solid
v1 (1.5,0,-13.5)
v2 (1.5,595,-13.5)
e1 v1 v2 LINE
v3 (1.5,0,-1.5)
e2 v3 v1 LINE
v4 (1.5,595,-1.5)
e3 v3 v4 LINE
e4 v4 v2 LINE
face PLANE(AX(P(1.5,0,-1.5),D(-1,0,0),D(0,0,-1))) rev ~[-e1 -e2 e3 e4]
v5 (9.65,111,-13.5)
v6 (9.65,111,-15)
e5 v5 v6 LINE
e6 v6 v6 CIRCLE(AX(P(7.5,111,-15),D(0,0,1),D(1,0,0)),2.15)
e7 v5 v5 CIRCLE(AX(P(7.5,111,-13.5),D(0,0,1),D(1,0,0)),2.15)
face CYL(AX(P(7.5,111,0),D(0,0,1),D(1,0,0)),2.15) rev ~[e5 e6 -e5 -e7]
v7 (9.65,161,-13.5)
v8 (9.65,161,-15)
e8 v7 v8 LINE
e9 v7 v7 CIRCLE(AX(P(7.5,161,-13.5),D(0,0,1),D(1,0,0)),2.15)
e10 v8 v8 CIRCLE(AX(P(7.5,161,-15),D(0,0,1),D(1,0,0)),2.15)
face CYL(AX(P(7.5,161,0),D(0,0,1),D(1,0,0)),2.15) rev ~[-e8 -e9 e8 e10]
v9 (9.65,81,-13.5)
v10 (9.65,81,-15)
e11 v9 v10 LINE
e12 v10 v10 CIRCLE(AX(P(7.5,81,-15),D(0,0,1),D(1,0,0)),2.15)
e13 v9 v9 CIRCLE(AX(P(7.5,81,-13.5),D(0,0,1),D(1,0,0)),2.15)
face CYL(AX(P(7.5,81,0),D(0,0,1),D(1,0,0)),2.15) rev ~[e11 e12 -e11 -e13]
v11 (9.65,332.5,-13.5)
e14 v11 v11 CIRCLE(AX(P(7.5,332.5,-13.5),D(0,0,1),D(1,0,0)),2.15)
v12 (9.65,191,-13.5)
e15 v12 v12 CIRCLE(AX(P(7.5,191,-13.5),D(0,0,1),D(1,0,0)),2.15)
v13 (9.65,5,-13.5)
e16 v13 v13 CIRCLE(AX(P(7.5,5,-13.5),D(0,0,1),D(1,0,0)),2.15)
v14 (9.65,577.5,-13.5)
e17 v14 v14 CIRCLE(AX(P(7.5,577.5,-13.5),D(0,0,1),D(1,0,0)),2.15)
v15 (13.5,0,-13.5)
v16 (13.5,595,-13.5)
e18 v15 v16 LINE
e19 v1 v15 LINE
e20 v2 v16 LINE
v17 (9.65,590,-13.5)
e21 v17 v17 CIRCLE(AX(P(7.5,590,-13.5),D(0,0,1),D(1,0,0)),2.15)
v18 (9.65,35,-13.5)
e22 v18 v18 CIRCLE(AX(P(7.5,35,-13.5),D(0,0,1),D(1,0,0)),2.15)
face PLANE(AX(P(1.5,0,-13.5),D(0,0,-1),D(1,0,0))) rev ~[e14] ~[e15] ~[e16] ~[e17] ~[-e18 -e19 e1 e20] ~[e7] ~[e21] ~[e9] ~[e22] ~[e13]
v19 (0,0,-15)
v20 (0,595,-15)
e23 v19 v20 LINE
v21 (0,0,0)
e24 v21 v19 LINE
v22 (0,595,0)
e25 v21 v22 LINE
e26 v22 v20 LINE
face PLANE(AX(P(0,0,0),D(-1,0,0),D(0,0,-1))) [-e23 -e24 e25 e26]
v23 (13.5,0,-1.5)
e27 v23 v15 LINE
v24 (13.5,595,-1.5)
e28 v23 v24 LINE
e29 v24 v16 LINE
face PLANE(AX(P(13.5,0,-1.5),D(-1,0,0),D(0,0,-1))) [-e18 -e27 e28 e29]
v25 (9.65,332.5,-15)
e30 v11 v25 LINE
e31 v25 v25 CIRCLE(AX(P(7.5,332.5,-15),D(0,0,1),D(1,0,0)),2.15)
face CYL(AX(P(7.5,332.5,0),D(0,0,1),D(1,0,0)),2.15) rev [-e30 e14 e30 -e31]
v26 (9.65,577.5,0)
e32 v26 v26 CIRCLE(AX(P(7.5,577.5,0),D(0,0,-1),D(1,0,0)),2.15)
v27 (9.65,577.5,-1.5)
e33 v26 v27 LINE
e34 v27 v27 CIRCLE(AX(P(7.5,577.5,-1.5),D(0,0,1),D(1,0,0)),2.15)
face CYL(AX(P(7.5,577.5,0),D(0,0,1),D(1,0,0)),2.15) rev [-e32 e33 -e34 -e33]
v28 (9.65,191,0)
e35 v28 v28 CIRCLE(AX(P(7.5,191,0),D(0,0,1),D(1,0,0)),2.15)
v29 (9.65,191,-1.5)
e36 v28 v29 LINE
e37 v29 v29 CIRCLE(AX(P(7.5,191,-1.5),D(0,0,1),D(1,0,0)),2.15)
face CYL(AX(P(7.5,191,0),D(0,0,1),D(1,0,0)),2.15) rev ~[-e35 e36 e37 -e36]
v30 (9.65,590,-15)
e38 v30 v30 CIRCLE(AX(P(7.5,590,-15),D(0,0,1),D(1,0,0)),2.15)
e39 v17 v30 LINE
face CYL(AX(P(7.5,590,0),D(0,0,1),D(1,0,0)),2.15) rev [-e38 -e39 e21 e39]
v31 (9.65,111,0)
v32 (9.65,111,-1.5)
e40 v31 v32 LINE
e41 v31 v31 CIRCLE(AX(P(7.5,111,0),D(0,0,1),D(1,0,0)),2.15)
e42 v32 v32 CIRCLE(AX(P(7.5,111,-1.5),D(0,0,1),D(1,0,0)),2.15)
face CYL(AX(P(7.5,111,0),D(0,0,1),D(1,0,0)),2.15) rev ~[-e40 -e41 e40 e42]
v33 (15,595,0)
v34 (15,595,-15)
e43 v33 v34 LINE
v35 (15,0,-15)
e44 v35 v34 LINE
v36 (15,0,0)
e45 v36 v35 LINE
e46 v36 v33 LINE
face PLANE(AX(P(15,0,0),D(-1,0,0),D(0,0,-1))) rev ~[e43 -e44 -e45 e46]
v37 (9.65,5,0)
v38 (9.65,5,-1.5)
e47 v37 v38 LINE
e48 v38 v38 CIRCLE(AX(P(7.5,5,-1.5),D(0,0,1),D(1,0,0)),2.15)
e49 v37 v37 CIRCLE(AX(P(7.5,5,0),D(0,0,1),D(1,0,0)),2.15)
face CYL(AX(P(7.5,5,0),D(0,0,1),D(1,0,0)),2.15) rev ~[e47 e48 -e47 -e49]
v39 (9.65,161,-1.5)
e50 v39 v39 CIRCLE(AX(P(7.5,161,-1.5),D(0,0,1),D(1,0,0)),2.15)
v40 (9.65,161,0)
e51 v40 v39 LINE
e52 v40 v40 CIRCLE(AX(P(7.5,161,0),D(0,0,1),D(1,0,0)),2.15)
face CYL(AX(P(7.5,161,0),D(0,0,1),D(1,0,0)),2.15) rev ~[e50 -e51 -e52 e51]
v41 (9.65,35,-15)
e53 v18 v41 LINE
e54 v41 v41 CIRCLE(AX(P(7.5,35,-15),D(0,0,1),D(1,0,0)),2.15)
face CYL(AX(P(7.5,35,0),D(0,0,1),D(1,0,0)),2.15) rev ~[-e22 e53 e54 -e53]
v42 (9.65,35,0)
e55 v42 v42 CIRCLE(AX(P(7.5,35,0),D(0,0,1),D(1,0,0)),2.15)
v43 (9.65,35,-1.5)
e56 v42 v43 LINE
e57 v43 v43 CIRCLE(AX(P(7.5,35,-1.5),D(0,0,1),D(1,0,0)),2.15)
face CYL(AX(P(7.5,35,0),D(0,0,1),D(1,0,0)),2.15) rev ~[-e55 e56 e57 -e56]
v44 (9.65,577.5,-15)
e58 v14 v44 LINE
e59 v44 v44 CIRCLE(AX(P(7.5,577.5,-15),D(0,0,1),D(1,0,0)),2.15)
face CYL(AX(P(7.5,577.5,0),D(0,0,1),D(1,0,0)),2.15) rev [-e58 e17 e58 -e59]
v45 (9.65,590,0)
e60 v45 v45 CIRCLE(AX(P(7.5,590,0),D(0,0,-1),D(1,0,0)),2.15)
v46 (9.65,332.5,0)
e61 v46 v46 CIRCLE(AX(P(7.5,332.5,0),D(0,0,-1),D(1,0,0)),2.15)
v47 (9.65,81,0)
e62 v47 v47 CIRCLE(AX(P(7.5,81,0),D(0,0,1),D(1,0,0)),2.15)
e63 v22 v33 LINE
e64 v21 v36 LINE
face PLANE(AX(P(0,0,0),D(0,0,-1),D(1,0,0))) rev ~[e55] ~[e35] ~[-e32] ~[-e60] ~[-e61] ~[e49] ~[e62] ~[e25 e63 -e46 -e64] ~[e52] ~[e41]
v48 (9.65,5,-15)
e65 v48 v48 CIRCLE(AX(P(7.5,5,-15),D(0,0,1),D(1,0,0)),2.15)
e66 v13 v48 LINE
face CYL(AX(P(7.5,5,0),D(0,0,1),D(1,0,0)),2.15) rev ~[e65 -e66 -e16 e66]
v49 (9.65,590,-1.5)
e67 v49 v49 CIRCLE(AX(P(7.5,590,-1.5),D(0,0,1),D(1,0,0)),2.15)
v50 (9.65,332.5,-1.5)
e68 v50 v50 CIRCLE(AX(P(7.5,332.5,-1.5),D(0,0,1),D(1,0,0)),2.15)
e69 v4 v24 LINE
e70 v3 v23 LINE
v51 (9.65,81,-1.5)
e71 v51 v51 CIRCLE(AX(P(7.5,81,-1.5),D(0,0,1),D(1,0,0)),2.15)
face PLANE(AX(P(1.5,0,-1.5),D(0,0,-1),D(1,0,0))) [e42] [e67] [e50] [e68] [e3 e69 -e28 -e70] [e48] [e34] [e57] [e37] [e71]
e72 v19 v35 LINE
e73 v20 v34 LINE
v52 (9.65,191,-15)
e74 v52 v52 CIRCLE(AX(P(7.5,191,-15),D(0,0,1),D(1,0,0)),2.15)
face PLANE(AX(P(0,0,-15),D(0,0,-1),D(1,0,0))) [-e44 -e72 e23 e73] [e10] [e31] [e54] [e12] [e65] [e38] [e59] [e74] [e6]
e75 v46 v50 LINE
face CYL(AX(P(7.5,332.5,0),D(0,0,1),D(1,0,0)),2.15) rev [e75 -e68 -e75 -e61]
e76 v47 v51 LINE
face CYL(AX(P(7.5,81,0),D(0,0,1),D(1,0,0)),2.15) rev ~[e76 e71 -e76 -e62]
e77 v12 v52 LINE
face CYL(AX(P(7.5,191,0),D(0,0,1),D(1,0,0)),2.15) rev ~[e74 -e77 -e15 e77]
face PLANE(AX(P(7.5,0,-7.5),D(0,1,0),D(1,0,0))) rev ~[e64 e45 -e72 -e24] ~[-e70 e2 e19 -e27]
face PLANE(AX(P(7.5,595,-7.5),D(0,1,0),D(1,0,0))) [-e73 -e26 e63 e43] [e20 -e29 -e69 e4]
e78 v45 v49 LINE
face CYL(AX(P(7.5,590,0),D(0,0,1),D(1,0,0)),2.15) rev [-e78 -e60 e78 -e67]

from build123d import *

# Parameters (mm, degrees)
SKETCH_1_W          = 15
SKETCH_1_H          = 15
SKETCH_1_W_2        = 12
SKETCH_1_H_2        = 12
EXTRUDE_1_DEPTH     = 595
CUT_EXTRUDE_2_REACH = 597.378
SKETCH_3_R          = 2.15
SKETCH_4_R          = 2.15
CUT_EXTRUDE_3_DEPTH = 596.37803117


with BuildPart() as part:
    # ｽｹｯﾁ1 → 押し出し-薄板1 (new body)
    with BuildSketch(Plane(origin=(0, 0, 0), x_dir=(1, 0, 0), z_dir=(0, 1, 0))):
        with Locations((7.5, 7.5)):
            Rectangle(SKETCH_1_W, SKETCH_1_H)
        with Locations((7.5, 7.5)):
            Rectangle(SKETCH_1_W_2, SKETCH_1_H_2, mode=Mode.SUBTRACT)
    extrude(amount=EXTRUDE_1_DEPTH)

    # ｶｯﾄ - 押し出し2: up to this face of the body (flat: up to its plane)
    cut_extrude_2_end = Plane(part.part.faces().sort_by_distance((7.5, 297.5, -15))[0])
    # ｽｹｯﾁ3 → ｶｯﾄ - 押し出し2 (cut, up to the picked face)
    with BuildSketch(Plane.XY, mode=Mode.PRIVATE) as cut_extrude_2_sk1:
        with Locations((7.5, 81)):
            Circle(SKETCH_3_R)
    cut_extrude_2_tool1 = split(extrude(cut_extrude_2_sk1.sketch, amount=-CUT_EXTRUDE_2_REACH, mode=Mode.PRIVATE), bisect_by=cut_extrude_2_end, keep=Keep.BOTH, mode=Mode.PRIVATE)
    # ｽｹｯﾁ3 → ｶｯﾄ - 押し出し2 (cut, up to the picked face)
    with BuildSketch(Plane.XY, mode=Mode.PRIVATE) as cut_extrude_2_sk2:
        with Locations((7.5, 111)):
            Circle(SKETCH_3_R)
    cut_extrude_2_tool2 = split(extrude(cut_extrude_2_sk2.sketch, amount=-CUT_EXTRUDE_2_REACH, mode=Mode.PRIVATE), bisect_by=cut_extrude_2_end, keep=Keep.BOTH, mode=Mode.PRIVATE)
    # ｽｹｯﾁ3 → ｶｯﾄ - 押し出し2 (cut, up to the picked face)
    with BuildSketch(Plane.XY, mode=Mode.PRIVATE) as cut_extrude_2_sk3:
        with Locations((7.5, 161)):
            Circle(SKETCH_3_R)
    cut_extrude_2_tool3 = split(extrude(cut_extrude_2_sk3.sketch, amount=-CUT_EXTRUDE_2_REACH, mode=Mode.PRIVATE), bisect_by=cut_extrude_2_end, keep=Keep.BOTH, mode=Mode.PRIVATE)
    # ｽｹｯﾁ3 → ｶｯﾄ - 押し出し2 (cut, up to the picked face)
    with BuildSketch(Plane.XY, mode=Mode.PRIVATE) as cut_extrude_2_sk4:
        with Locations((7.5, 191)):
            Circle(SKETCH_3_R)
    cut_extrude_2_tool4 = split(extrude(cut_extrude_2_sk4.sketch, amount=-CUT_EXTRUDE_2_REACH, mode=Mode.PRIVATE), bisect_by=cut_extrude_2_end, keep=Keep.BOTH, mode=Mode.PRIVATE)
    # ｽｹｯﾁ3 → ｶｯﾄ - 押し出し2 (cut, up to the picked face)
    with BuildSketch(Plane.XY, mode=Mode.PRIVATE) as cut_extrude_2_sk5:
        with Locations((7.5, 5)):
            Circle(SKETCH_3_R)
    cut_extrude_2_tool5 = split(extrude(cut_extrude_2_sk5.sketch, amount=-CUT_EXTRUDE_2_REACH, mode=Mode.PRIVATE), bisect_by=cut_extrude_2_end, keep=Keep.BOTH, mode=Mode.PRIVATE)
    # ｽｹｯﾁ3 → ｶｯﾄ - 押し出し2 (cut, up to the picked face)
    with BuildSketch(Plane.XY, mode=Mode.PRIVATE) as cut_extrude_2_sk6:
        with Locations((7.5, 35)):
            Circle(SKETCH_3_R)
    cut_extrude_2_tool6 = split(extrude(cut_extrude_2_sk6.sketch, amount=-CUT_EXTRUDE_2_REACH, mode=Mode.PRIVATE), bisect_by=cut_extrude_2_end, keep=Keep.BOTH, mode=Mode.PRIVATE)
    add(cut_extrude_2_tool1.solids().sort_by(Axis((7.5, 81, 0), (0, 0, -1)))[0], mode=Mode.SUBTRACT)
    add(cut_extrude_2_tool2.solids().sort_by(Axis((7.5, 111, 0), (0, 0, -1)))[0], mode=Mode.SUBTRACT)
    add(cut_extrude_2_tool3.solids().sort_by(Axis((7.5, 161, 0), (0, 0, -1)))[0], mode=Mode.SUBTRACT)
    add(cut_extrude_2_tool4.solids().sort_by(Axis((7.5, 191, 0), (0, 0, -1)))[0], mode=Mode.SUBTRACT)
    add(cut_extrude_2_tool5.solids().sort_by(Axis((7.5, 5, 0), (0, 0, -1)))[0], mode=Mode.SUBTRACT)
    add(cut_extrude_2_tool6.solids().sort_by(Axis((7.5, 35, 0), (0, 0, -1)))[0], mode=Mode.SUBTRACT)

    # ｽｹｯﾁ4 → ｶｯﾄ - 押し出し3 (cut, through all)
    with BuildSketch(Plane(origin=(15, 0, 0), x_dir=(-1, 0, 0), z_dir=(0, 0, -1))):
        with Locations(Location((7.5, 577.5, 0), (0, 0, 180))):
            Circle(SKETCH_4_R)
        with Locations(Location((7.5, 590, 0), (0, 0, 180))):
            Circle(SKETCH_4_R)
        with Locations(Location((7.5, 332.5, 0), (0, 0, 180))):
            Circle(SKETCH_4_R)
    extrude(amount=CUT_EXTRUDE_3_DEPTH, mode=Mode.SUBTRACT)


solid = part.part
